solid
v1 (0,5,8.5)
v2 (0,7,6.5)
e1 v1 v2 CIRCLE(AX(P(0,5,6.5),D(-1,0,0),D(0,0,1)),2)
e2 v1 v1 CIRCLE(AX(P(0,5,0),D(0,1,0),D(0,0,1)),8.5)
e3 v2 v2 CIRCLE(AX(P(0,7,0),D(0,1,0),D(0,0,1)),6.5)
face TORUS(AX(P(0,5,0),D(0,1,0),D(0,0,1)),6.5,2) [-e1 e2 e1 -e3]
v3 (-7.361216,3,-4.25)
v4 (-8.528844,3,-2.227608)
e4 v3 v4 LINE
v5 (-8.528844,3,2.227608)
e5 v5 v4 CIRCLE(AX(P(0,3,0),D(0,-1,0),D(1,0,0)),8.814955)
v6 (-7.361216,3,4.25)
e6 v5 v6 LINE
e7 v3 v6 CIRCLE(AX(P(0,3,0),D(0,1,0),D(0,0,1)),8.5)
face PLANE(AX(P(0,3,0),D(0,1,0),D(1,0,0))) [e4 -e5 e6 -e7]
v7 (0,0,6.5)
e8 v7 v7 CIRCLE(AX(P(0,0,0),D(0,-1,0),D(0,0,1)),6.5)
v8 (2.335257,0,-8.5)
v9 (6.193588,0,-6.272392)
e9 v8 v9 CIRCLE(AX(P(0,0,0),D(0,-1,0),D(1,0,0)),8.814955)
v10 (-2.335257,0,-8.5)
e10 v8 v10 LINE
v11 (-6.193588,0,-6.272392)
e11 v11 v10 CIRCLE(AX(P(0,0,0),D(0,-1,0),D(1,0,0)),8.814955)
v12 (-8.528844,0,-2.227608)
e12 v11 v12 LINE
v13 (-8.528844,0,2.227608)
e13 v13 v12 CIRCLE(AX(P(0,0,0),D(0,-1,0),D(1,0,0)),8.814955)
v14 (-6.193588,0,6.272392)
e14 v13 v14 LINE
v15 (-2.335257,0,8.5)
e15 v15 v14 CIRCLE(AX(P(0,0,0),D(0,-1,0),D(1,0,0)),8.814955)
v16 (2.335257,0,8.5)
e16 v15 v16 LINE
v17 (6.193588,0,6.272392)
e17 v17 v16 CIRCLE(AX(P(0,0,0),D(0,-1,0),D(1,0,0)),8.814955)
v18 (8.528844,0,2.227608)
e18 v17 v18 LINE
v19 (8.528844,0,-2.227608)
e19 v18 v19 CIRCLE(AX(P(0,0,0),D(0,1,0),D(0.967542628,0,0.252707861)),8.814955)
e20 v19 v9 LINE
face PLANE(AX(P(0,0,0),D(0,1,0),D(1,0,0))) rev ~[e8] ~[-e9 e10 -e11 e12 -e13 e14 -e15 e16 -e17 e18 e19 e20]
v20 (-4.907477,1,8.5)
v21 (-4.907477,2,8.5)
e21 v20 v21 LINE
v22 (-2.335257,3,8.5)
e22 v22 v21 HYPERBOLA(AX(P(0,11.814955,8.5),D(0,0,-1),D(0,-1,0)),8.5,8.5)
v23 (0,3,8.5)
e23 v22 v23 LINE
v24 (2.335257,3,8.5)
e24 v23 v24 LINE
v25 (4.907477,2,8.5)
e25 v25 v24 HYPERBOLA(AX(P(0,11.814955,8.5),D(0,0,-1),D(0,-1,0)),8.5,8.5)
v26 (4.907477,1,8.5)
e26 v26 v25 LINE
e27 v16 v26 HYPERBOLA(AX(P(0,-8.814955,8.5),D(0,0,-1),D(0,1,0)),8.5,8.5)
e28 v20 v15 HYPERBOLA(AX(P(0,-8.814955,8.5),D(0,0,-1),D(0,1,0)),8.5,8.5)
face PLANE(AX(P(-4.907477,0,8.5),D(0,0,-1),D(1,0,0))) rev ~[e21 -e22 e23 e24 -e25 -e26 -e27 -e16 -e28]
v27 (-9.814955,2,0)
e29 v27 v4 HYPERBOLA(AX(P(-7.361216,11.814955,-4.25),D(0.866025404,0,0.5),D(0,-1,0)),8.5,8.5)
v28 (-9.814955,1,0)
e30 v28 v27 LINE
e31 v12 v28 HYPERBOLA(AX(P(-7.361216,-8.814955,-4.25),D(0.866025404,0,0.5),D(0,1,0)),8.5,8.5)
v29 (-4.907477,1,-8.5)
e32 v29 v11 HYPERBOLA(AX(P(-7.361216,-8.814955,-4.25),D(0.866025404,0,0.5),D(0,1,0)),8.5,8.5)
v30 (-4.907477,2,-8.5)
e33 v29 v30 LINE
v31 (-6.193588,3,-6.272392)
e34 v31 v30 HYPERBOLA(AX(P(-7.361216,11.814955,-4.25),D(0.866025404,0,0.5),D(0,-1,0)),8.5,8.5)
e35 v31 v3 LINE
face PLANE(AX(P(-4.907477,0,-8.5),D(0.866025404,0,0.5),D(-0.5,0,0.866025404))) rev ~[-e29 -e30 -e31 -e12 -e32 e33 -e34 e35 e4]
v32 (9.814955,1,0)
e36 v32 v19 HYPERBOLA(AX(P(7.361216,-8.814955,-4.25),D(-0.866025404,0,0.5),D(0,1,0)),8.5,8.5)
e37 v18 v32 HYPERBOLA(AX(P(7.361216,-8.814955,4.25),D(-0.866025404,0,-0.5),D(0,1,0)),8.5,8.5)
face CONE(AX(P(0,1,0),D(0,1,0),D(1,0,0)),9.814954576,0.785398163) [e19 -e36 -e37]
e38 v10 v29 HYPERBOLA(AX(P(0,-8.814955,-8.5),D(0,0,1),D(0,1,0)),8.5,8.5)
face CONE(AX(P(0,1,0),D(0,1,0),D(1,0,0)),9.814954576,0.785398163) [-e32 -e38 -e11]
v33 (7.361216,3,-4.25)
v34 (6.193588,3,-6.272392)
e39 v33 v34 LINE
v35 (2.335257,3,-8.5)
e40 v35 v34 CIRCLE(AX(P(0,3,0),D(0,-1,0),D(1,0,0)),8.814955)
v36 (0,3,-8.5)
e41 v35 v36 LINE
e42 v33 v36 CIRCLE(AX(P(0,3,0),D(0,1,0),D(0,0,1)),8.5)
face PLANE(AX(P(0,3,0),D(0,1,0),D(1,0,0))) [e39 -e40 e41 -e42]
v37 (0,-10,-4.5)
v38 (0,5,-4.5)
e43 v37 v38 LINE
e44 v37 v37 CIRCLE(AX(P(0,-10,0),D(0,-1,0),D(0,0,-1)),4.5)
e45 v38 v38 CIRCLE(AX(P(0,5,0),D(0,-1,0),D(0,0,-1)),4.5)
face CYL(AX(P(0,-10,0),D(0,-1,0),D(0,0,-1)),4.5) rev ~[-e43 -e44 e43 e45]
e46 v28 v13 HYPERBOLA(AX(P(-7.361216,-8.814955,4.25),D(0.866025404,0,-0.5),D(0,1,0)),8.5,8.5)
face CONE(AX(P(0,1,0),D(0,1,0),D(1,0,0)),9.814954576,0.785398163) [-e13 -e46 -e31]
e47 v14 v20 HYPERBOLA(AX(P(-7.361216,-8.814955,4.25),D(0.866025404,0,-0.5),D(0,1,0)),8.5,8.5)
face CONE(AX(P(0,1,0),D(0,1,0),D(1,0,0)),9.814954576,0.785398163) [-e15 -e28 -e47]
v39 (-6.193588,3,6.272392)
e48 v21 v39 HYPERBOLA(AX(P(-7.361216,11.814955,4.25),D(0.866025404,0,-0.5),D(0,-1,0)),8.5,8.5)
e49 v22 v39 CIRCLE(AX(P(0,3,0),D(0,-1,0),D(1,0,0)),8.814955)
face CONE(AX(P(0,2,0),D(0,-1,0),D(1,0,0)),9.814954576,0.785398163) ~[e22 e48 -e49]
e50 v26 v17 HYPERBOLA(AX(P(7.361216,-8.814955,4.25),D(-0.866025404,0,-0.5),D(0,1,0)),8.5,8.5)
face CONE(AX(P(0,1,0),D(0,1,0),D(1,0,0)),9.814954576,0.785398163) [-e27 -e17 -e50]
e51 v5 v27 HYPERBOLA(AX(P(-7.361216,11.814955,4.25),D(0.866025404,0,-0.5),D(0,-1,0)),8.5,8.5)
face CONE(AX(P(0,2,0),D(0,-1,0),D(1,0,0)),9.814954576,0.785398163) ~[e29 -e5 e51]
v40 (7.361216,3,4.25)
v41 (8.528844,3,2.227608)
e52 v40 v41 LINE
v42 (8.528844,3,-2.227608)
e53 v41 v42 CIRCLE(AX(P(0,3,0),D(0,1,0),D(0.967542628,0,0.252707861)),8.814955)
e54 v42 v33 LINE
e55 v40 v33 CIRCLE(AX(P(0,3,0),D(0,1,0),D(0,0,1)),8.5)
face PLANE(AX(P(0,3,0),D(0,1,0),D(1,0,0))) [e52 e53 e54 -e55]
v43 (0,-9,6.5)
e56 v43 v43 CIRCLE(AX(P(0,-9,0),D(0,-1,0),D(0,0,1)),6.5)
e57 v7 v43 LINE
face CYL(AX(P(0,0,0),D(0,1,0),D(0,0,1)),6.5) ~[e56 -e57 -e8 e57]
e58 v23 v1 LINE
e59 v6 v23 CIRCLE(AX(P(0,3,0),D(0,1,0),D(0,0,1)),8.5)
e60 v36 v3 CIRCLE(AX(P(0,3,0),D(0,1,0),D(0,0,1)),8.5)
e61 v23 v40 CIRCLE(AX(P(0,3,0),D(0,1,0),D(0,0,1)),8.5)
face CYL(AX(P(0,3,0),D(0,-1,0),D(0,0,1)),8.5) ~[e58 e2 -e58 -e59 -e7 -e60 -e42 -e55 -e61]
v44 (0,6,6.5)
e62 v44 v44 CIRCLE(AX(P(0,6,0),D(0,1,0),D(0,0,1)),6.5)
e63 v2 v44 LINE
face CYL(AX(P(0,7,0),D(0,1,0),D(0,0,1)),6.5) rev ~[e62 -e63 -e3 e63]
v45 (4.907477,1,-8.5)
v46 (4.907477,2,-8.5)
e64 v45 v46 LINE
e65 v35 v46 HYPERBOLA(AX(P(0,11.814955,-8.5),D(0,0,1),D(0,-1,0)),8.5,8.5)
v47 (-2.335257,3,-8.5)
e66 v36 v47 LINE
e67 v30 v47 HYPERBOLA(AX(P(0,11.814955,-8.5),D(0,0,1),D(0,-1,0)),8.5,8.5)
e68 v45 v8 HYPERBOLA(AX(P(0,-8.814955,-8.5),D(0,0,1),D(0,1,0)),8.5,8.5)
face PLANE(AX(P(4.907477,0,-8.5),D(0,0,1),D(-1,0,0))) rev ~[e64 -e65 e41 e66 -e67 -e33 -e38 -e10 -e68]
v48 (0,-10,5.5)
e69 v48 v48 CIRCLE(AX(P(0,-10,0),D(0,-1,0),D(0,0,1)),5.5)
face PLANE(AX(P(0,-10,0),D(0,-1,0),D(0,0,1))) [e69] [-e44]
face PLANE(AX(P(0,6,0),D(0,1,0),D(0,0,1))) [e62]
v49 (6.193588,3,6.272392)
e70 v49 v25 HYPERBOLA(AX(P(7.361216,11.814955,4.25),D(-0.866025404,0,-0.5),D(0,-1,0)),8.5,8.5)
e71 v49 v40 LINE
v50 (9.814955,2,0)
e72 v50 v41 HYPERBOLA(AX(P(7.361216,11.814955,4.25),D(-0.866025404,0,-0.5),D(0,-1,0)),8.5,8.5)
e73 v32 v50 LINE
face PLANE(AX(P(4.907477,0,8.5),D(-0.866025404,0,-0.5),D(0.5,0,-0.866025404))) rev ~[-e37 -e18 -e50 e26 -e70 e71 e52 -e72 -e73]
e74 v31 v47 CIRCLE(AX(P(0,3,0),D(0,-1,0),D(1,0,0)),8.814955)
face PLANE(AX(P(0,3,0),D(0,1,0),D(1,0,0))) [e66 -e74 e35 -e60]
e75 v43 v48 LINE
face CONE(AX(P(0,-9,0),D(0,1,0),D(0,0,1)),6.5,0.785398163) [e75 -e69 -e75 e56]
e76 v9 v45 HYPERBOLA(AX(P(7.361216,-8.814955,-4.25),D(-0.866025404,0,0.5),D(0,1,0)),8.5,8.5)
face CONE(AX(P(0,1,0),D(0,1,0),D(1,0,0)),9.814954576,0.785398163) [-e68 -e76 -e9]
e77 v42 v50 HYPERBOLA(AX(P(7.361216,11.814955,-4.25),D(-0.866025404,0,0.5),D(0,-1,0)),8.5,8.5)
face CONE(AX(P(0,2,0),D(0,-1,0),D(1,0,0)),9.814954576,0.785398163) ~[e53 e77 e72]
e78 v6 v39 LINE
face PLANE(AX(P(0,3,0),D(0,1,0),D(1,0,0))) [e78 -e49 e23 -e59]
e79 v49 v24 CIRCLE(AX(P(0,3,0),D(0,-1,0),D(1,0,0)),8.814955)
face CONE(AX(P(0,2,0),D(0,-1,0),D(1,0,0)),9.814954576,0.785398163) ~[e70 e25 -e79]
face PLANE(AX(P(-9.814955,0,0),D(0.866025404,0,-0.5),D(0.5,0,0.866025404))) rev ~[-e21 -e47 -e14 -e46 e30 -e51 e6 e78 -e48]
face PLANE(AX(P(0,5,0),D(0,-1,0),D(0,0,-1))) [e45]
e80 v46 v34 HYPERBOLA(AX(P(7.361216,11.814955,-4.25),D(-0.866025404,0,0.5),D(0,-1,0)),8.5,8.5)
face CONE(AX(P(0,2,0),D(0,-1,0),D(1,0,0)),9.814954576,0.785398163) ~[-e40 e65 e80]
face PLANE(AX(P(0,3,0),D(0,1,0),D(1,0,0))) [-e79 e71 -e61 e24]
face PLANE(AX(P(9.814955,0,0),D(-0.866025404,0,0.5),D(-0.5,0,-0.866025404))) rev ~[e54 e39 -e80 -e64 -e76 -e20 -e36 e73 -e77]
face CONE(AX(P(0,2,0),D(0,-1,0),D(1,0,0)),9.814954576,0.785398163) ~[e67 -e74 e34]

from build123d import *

# Parameters (mm, degrees)
EXTRUDE_1_DEPTH     = 3
SKETCH_3_R          = 8.5
EXTRUDE_2_DEPTH     = 4
FILLET_1_R          = 2
SKETCH_4_R          = 6.5
CUT_EXTRUDE_1_DEPTH = 1
SKETCH_5_R          = 6.5
EXTRUDE_3_DEPTH     = 10
CHAMFER_1_SIZE      = 1
SKETCH_6_R          = 4.5
CUT_EXTRUDE_2_DEPTH = 15


with BuildPart() as part:
    # Эскиз1 → Бобышка-Вытянуть1 (new body)
    with BuildSketch(Plane(origin=(0, 0, 0), x_dir=(1, 0, 0), z_dir=(0, 1, 0))):
        Polygon((9.814954576, 0), (4.907477288, 8.5), (-4.907477288, 8.5), (-9.814954576, 0), (-4.907477288, -8.5), (4.907477288, -8.5), align=None)
    extrude(amount=EXTRUDE_1_DEPTH)

    # Эскиз2 → Вырез-Повернуть2 (revolve, cut)
    with BuildSketch(Plane.XY):
        Polygon((9.814954576, 1), (8.814954576, 0), (9.814954576, 0), align=None)
    cut_revolve_2 = revolve(axis=Axis((0, 10.488289755, 0), (0, -1, 0)), mode=Mode.SUBTRACT)

    # Зеркальное отражение1: Вырез-Повернуть2 across plane
    add(cut_revolve_2.mirror(Plane.ZX.offset(1.5)), mode=Mode.SUBTRACT)

    # Эскиз3 → Бобышка-Вытянуть2 (add)
    with BuildSketch(Plane(origin=(0, 3, 0), x_dir=(1, 0, 0), z_dir=(0, 1, 0))):
        with Locations(Location((0, 0, 0), (0, 0, 270))):
            Circle(SKETCH_3_R)
    extrude(amount=EXTRUDE_2_DEPTH)

    # Скругление1
    fillet_1_edges = [part.edges().sort_by_distance(p)[0] for p in [
        (0, 7, -8.5),
    ]]
    fillet(fillet_1_edges, radius=FILLET_1_R)

    # Эскиз4 → Вырез-Вытянуть1 (cut)
    with BuildSketch(Plane(origin=(0, 7, 0), x_dir=(1, 0, 0), z_dir=(0, 1, 0))):
        with Locations(Location((0, 0, 0), (0, 0, 270))):
            Circle(SKETCH_4_R)
    extrude(amount=-CUT_EXTRUDE_1_DEPTH, mode=Mode.SUBTRACT)

    # Эскиз5 → Бобышка-Вытянуть3 (add)
    with BuildSketch(Plane.XZ):
        with Locations(Location((0, 0, 0), (0, 0, 90))):
            Circle(SKETCH_5_R)
    extrude(amount=EXTRUDE_3_DEPTH)

    # Фаска1
    chamfer_1_edges = [part.edges().sort_by_distance(p)[0] for p in [
        (0, -10, -6.5),
    ]]
    chamfer(chamfer_1_edges, length=CHAMFER_1_SIZE)

    # Эскиз6 → Вырез-Вытянуть2 (cut)
    with BuildSketch(Plane.XZ.offset(10)):
        with Locations(Location((0, 0, 0), (0, 0, 270))):
            Circle(SKETCH_6_R)
    extrude(amount=-CUT_EXTRUDE_2_DEPTH, mode=Mode.SUBTRACT)


solid = part.part
